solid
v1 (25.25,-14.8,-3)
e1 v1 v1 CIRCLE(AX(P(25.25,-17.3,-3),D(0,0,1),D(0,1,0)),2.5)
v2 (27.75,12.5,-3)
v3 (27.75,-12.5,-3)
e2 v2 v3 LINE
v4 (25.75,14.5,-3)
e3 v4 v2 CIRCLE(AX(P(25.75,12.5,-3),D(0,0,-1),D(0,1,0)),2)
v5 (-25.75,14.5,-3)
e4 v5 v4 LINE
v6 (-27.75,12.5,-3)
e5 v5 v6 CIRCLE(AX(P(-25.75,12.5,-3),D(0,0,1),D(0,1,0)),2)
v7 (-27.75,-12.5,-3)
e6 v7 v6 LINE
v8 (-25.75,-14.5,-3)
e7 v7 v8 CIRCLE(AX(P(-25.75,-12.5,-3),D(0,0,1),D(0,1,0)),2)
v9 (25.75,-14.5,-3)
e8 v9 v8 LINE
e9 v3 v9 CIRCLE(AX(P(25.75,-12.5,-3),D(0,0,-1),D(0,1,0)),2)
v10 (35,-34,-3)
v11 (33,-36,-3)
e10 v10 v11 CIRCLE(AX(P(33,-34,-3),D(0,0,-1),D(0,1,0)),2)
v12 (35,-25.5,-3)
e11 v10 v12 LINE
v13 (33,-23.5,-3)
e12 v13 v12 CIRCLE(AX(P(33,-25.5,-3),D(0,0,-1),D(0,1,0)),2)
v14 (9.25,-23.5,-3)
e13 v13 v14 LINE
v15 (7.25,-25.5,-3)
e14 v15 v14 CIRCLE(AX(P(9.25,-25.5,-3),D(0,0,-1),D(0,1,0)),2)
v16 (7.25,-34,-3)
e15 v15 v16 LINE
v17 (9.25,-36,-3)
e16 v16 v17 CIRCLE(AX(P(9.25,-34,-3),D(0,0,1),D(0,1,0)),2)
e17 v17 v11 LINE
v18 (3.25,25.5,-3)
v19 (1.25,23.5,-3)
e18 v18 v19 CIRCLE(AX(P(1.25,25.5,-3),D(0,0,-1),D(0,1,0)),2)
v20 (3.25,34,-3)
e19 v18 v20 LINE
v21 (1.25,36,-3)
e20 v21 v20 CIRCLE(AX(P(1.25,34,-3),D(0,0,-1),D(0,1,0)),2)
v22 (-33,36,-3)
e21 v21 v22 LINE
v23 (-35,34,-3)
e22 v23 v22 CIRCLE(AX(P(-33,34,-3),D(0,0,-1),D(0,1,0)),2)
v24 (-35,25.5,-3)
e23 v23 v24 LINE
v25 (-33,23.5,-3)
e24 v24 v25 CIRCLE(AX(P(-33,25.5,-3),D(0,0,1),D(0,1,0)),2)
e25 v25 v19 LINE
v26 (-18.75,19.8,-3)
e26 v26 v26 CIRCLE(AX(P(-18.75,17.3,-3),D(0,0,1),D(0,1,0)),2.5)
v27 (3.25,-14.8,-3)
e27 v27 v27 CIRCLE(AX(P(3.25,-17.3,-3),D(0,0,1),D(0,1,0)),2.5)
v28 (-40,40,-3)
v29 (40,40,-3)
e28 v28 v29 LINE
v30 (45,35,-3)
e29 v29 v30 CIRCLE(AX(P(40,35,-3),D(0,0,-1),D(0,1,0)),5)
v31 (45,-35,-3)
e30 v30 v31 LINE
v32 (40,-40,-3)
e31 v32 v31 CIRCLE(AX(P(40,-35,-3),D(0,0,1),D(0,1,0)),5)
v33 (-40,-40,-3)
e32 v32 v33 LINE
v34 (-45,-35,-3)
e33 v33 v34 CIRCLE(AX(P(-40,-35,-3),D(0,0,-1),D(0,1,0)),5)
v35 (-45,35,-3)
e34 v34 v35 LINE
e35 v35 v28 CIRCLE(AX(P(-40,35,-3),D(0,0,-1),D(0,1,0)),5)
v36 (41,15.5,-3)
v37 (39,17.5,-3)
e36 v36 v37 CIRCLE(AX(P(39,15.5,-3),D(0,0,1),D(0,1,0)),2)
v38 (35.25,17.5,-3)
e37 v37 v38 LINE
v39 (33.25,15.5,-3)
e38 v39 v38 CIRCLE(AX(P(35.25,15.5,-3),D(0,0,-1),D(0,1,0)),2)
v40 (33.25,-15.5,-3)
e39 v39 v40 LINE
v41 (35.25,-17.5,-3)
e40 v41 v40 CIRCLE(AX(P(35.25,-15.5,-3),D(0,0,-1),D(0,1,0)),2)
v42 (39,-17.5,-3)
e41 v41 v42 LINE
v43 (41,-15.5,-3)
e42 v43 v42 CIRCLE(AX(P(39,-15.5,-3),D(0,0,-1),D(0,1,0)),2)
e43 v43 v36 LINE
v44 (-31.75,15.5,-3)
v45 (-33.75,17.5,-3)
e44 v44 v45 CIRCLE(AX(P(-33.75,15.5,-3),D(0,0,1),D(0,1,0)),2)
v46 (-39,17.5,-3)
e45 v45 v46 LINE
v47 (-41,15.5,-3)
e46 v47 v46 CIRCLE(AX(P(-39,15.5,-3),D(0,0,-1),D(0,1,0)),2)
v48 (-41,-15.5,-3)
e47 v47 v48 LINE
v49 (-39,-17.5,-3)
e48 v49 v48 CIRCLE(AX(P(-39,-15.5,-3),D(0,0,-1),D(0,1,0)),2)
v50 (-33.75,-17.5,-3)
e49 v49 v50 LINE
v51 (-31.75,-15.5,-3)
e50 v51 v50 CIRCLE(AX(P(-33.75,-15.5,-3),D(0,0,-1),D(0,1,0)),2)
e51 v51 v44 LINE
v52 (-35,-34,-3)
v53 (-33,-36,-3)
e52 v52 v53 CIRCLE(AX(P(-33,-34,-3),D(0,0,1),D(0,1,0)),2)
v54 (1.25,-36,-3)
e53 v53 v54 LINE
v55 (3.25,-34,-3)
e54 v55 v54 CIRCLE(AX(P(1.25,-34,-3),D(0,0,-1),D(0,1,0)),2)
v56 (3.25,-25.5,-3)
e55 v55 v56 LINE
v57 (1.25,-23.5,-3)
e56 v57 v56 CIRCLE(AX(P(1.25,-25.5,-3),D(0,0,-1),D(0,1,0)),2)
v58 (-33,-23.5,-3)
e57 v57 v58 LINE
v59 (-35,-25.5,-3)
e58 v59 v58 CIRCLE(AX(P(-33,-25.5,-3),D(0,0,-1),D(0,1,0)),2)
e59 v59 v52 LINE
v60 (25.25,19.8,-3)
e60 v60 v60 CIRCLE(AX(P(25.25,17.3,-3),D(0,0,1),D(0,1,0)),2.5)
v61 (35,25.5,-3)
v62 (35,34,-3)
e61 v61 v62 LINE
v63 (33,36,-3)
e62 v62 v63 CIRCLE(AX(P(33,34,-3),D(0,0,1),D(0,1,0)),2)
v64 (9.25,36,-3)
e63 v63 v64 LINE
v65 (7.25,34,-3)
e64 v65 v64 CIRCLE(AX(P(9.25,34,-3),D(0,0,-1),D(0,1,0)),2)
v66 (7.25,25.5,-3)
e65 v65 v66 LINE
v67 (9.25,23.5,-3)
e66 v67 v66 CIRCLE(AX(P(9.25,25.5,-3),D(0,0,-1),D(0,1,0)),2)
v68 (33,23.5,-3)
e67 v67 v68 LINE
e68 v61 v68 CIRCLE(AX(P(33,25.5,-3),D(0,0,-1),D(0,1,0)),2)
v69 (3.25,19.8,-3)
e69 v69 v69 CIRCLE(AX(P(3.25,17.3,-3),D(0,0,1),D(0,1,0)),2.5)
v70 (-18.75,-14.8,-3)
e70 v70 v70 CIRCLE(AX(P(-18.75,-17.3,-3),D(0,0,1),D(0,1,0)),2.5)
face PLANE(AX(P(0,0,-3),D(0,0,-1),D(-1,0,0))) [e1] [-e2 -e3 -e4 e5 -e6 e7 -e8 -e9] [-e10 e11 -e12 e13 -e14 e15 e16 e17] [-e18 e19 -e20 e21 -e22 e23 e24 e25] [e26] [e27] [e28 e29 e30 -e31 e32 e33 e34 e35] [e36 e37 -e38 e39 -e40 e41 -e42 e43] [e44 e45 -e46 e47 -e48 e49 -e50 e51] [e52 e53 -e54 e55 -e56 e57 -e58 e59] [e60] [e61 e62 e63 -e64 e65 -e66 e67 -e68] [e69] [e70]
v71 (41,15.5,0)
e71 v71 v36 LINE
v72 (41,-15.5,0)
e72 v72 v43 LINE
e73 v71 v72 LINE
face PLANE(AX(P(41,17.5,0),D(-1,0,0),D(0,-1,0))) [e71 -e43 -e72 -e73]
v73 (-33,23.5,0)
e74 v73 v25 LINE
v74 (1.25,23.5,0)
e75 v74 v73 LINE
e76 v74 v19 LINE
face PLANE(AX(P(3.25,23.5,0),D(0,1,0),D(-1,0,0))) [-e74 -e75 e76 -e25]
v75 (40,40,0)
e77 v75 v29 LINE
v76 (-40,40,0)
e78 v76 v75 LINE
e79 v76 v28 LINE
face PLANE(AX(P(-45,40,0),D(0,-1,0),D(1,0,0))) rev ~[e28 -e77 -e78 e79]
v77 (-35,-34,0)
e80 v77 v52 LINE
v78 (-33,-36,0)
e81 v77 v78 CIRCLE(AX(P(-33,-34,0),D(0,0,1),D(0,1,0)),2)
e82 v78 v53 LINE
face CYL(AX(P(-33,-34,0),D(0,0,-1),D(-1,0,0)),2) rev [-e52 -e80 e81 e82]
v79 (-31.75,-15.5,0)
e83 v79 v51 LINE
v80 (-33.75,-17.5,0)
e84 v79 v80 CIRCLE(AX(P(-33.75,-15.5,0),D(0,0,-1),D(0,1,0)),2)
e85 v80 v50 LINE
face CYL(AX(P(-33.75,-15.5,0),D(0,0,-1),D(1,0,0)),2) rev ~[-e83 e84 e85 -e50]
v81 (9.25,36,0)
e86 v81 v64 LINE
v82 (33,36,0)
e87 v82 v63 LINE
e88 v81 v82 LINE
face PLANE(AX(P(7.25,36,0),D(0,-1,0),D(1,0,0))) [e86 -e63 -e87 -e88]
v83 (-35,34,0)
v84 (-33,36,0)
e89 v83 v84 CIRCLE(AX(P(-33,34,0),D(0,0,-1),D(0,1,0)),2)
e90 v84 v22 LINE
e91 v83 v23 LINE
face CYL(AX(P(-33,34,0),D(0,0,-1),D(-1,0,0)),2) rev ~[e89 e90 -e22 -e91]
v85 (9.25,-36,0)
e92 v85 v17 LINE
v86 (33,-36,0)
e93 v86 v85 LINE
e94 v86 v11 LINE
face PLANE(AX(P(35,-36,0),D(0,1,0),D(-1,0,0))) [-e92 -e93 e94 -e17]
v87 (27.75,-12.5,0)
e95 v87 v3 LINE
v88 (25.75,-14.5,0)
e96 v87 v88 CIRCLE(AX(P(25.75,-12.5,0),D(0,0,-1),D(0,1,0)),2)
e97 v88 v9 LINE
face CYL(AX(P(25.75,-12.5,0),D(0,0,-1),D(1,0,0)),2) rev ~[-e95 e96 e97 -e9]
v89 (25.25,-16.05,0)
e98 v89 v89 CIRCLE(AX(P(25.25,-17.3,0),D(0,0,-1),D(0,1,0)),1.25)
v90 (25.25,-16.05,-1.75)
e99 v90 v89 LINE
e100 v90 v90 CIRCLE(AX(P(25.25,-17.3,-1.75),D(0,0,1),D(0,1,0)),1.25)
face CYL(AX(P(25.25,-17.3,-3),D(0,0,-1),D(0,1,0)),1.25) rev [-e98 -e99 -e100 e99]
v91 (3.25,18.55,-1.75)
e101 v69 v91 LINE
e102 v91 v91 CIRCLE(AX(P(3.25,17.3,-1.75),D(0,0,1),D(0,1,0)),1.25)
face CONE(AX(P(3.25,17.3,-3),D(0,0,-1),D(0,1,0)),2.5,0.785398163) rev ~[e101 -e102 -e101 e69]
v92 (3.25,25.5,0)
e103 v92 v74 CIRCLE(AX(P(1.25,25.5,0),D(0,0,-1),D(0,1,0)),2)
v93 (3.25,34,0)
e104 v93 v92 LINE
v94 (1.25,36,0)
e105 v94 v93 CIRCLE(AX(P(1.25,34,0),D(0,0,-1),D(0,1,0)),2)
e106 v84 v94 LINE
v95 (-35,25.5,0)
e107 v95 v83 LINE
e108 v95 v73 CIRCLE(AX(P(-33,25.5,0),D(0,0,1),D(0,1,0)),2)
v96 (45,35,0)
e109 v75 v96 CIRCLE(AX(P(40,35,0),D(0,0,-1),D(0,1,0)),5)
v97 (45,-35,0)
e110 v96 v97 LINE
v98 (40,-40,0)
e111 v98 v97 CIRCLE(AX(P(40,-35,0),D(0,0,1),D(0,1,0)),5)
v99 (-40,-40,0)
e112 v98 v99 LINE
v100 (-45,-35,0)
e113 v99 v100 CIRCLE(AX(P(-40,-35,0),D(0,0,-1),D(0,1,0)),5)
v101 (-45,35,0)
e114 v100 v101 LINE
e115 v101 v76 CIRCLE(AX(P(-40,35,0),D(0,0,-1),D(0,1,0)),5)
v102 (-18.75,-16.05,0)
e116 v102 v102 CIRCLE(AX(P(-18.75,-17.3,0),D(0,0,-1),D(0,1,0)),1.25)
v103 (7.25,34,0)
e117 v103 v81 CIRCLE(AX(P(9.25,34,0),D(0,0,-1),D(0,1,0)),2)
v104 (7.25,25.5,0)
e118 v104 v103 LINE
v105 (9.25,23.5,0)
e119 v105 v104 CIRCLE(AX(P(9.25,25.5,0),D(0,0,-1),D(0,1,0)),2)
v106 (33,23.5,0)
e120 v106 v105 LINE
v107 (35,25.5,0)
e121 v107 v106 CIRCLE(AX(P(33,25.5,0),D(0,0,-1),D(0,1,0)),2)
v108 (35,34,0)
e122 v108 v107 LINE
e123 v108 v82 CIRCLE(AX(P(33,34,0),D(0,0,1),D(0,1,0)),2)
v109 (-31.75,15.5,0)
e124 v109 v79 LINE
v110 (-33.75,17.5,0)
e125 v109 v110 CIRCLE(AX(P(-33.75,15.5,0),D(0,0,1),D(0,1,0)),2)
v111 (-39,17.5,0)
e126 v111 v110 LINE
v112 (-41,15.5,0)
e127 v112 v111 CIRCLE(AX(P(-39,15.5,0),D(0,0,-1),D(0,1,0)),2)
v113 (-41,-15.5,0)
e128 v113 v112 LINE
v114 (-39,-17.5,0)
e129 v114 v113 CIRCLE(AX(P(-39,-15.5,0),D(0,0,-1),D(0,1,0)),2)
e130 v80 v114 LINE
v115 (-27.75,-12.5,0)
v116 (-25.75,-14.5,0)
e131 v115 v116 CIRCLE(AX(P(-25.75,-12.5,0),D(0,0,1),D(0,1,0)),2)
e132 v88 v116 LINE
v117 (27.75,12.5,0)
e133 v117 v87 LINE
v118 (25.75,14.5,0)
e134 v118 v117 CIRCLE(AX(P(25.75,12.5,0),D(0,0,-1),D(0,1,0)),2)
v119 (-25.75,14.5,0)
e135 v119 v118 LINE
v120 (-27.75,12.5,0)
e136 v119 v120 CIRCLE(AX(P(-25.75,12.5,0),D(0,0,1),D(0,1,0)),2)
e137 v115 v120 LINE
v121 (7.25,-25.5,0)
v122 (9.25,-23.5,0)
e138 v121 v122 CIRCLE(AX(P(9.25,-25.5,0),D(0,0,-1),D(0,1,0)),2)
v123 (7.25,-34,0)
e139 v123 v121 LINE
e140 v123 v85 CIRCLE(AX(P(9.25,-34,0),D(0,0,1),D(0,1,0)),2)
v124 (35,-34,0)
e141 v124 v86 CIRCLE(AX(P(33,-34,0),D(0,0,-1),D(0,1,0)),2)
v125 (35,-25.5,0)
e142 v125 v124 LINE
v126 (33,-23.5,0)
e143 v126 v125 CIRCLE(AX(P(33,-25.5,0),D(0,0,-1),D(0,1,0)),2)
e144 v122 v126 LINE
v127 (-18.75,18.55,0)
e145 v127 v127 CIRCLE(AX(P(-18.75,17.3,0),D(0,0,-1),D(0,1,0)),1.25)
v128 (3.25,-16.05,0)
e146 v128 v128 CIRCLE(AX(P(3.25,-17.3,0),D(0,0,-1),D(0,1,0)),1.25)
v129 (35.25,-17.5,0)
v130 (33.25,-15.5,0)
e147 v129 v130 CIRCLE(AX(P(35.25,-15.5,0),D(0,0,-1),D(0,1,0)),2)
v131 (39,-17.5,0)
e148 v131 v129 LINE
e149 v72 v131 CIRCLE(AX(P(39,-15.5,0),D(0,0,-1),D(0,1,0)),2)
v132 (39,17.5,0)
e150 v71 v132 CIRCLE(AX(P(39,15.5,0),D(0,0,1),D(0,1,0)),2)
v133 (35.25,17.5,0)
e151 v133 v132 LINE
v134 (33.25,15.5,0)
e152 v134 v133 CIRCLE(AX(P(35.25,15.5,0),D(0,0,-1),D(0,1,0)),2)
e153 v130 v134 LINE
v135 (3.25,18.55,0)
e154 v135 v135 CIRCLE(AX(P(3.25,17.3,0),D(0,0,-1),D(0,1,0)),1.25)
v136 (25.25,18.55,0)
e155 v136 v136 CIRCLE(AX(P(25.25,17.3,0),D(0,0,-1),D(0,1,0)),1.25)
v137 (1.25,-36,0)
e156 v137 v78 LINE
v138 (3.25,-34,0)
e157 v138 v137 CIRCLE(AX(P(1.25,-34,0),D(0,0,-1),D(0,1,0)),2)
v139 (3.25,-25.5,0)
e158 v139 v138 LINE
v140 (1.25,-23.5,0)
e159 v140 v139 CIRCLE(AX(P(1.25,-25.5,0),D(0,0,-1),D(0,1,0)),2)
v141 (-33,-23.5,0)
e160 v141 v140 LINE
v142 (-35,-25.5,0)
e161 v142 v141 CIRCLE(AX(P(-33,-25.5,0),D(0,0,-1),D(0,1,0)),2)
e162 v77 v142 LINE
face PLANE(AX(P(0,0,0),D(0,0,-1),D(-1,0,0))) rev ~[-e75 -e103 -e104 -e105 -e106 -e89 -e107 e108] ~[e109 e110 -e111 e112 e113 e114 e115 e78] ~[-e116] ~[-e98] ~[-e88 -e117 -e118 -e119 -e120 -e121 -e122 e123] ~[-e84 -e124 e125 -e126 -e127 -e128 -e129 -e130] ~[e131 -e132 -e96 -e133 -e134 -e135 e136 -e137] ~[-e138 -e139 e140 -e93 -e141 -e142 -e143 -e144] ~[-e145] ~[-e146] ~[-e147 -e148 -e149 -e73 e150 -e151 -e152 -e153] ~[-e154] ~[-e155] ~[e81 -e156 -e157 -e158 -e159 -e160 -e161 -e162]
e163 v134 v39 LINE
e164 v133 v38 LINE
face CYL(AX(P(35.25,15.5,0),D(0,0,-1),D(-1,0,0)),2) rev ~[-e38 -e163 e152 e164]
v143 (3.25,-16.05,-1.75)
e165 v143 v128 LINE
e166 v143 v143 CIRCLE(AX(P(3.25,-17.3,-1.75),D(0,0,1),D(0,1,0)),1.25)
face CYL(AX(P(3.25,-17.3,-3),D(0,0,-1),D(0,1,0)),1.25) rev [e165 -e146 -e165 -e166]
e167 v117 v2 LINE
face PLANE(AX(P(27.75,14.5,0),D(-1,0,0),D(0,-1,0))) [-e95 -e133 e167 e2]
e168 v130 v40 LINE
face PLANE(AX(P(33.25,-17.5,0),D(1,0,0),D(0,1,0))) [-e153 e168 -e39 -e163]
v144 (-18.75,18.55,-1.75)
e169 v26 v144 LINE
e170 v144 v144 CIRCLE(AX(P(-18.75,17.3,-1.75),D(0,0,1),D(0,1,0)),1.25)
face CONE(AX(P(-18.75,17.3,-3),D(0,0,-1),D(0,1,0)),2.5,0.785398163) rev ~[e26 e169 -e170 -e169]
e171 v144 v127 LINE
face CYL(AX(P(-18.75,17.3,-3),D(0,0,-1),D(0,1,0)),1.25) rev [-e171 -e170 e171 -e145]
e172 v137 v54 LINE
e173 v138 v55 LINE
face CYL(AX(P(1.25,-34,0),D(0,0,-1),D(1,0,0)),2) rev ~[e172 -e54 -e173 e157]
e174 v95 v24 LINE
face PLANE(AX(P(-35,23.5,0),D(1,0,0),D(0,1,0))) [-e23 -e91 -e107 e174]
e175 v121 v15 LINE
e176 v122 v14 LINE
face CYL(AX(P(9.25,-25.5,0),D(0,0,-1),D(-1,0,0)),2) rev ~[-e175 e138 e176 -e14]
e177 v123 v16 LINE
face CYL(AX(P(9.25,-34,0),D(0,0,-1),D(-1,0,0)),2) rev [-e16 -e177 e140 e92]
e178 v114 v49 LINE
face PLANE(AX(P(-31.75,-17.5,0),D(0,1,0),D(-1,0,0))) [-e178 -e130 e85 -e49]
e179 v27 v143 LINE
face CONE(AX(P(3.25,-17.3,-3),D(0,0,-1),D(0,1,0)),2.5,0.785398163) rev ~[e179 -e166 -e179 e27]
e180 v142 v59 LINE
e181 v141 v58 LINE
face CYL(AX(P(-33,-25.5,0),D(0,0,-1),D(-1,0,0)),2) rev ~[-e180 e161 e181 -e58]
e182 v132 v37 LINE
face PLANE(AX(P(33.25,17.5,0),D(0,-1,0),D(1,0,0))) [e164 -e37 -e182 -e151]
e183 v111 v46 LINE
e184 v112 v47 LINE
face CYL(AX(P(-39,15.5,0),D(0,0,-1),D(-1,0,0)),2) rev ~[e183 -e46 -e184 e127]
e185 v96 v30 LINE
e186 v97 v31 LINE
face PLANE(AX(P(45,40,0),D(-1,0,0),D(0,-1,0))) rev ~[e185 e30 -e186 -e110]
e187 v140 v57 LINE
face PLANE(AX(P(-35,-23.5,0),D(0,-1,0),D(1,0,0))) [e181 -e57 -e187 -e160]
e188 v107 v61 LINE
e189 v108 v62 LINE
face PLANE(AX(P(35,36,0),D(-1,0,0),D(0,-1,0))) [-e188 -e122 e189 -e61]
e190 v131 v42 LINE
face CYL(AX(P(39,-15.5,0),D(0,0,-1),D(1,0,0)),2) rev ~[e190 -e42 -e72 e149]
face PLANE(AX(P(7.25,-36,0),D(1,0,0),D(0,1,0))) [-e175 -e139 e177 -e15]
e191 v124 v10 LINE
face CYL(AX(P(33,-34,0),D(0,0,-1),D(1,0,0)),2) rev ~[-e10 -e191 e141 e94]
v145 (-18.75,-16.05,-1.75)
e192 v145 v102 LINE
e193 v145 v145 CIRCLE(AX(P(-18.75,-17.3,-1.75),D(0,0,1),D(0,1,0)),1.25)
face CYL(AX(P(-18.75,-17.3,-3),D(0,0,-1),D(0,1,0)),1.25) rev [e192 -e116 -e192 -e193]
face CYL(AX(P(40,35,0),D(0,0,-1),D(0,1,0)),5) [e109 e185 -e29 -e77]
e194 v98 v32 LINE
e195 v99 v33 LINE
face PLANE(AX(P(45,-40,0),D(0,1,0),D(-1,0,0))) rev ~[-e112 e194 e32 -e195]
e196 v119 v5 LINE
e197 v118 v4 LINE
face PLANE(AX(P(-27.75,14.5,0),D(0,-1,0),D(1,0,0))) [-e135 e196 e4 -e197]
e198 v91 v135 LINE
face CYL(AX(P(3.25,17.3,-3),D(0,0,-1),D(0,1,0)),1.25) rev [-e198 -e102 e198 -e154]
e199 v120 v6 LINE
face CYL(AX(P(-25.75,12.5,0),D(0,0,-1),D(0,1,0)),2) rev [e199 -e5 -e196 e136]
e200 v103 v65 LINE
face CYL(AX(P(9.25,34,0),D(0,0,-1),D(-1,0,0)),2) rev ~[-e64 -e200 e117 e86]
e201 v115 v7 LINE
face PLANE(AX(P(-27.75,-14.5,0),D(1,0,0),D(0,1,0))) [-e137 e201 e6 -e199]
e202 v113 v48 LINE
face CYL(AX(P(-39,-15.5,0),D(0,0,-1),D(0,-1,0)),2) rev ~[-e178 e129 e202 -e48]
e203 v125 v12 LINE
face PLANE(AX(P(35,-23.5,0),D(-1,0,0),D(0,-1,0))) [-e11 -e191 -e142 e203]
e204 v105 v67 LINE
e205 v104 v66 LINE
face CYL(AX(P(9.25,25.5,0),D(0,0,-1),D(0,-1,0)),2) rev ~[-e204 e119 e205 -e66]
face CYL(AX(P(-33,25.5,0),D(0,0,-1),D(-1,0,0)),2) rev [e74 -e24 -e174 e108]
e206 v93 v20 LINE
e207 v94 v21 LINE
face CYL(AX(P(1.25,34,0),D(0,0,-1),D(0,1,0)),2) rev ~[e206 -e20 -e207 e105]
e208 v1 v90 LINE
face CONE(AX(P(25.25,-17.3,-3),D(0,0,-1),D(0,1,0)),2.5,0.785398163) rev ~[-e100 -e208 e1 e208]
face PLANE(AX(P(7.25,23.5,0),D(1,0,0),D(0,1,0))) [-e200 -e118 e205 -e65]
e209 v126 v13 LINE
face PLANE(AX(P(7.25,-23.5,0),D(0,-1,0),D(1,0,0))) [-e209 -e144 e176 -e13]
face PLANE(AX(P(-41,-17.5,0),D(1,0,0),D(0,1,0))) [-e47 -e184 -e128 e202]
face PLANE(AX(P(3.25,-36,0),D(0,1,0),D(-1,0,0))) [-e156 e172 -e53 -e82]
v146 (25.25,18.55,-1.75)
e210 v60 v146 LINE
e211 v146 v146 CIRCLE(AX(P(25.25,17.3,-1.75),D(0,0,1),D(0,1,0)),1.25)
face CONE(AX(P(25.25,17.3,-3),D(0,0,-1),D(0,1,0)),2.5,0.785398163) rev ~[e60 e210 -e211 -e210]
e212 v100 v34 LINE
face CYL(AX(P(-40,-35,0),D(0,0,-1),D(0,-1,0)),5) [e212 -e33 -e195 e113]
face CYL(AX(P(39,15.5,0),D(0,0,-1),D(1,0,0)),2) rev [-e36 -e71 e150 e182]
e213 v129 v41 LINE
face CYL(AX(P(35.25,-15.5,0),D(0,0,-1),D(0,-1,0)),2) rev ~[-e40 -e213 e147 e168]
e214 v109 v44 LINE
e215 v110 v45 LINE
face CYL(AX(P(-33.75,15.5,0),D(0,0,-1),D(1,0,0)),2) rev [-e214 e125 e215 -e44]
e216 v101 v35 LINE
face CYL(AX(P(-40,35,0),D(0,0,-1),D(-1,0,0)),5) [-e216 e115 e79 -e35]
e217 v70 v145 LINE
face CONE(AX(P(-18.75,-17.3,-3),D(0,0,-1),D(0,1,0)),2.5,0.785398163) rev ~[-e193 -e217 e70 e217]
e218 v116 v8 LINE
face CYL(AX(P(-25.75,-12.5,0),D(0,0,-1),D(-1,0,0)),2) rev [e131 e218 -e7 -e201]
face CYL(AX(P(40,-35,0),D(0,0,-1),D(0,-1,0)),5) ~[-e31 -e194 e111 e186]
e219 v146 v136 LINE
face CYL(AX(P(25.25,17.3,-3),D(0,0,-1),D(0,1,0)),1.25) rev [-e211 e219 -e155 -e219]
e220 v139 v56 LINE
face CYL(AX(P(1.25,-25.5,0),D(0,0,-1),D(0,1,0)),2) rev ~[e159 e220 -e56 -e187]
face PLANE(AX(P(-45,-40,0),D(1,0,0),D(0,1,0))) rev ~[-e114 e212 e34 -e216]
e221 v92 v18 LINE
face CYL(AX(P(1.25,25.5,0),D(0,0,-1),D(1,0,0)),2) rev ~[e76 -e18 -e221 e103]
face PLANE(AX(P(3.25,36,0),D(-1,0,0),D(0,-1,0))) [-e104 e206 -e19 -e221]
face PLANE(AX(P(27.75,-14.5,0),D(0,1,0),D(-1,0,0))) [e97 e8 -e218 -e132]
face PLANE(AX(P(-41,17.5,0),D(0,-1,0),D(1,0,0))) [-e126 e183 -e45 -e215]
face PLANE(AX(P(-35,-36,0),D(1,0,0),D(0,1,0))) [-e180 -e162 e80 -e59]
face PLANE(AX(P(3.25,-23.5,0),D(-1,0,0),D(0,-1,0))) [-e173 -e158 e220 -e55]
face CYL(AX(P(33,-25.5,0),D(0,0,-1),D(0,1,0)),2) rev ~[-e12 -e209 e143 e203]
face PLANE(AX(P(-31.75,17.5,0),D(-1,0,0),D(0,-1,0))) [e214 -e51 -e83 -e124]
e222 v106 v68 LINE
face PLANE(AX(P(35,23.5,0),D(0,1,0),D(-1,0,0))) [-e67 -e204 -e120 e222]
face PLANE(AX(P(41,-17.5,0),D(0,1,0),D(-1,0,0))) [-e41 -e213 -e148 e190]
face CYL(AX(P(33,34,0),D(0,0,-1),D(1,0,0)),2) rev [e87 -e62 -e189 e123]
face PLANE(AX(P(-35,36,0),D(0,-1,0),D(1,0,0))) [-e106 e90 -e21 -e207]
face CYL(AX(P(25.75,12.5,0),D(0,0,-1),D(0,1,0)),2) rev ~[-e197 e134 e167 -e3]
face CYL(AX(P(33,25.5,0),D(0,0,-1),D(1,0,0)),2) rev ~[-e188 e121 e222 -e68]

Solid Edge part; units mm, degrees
sketch "Sketch1" plane through (0, 0, 0) normal (0, 0, 1) x (1, 0, 0)
  line L0 (45, -40) -> (-45, -40)
  line L1 (-45, -40) -> (-45, 40)
  line L2 (-45, 40) -> (45, 40)
  line L3 (45, 40) -> (45, -40)
  line L4 (27.75, -14.5) -> (-27.75, -14.5)
  line L5 (-27.75, -14.5) -> (-27.75, 14.5)
  line L6 (-27.75, 14.5) -> (27.75, 14.5)
  line L7 (27.75, 14.5) -> (27.75, -14.5)
  dimension "D1" = 45
  dimension "D2" = 45
extrude "Protrusion1" add sketch "Sketch1" against normal blind 3
fillet "Round_1" radius 5 4 edges at (45, -40, -1.5) (45, 40, -1.5) (-45, 40, -1.5) (-45, -40, -1.5)
extrude "Cutout1" [suppressed]
sketch "Sketch2" plane through (0, 0, 0) normal (0, 0, 1) x (0, 1, 0)
  line L0 (-36, -7.25) -> (-23.5, -7.25)
  line L1 (-23.5, -7.25) -> (-23.5, -35)
  line L2 (-23.5, -35) -> (-36, -35)
  line L3 (-36, -35) -> (-36, -7.25)
  line L4 (36, -35) -> (23.5, -35)
  line L5 (23.5, -35) -> (23.5, -7.25)
  line L6 (23.5, -7.25) -> (36, -7.25)
  line L7 (36, -7.25) -> (36, -35)
  line L8 (23.5, 35) -> (36, 35)
  line L9 (36, 35) -> (36, -3.25)
  line L10 (36, -3.25) -> (23.5, -3.25)
  line L11 (23.5, -3.25) -> (23.5, 35)
  line L12 (-36, 35) -> (-23.5, 35)
  line L13 (-23.5, 35) -> (-23.5, -3.25)
  line L14 (-23.5, -3.25) -> (-36, -3.25)
  line L15 (-36, -3.25) -> (-36, 35)
  line L16 (17.5, 31.75) -> (-17.5, 31.75)
  line L17 (-17.5, 31.75) -> (-17.5, 41)
  line L18 (-17.5, 41) -> (17.5, 41)
  line L19 (17.5, 41) -> (17.5, 31.75)
  line L20 (17.5, -41) -> (-17.5, -41)
  line L21 (-17.5, -41) -> (-17.5, -33.25)
  line L22 (-17.5, -33.25) -> (17.5, -33.25)
  line L23 (17.5, -33.25) -> (17.5, -41)
  dimension "D1" = 36
  dimension "D2" = 36
extrude "Cutout2" cut sketch "Sketch2" against normal through all
fillet "Round_2" radius 2 28 edges at (-35, -23.5, -1.5) (3.25, -23.5, -1.5) (3.25, -36, -1.5) (-35, -36, -1.5) (7.25, -36, -1.5) (7.25, -23.5, -1.5) (35, -23.5, -1.5) (35, -36, -1.5) (35, 23.5, -1.5) (35, 36, -1.5) (7.25, 36, -1.5) (7.25, 23.5, -1.5) (3.25, 36, -1.5) (3.25, 23.5, -1.5) (-35, 36, -1.5) (-35, 23.5, -1.5) (-27.75, 14.5, -1.5) (-27.75, -14.5, -1.5) (27.75, 14.5, -1.5) (27.75, -14.5, -1.5) (-41, 17.5, -1.5) (-31.75, 17.5, -1.5) (-31.75, -17.5, -1.5) (-41, -17.5, -1.5) (33.25, -17.5, -1.5) (41, -17.5, -1.5) (41, 17.5, -1.5) (33.25, 17.5, -1.5)
hole "Hole_1" at (-18.75, -17.3, -3) direction (0, 0, 1) diameter 2.5 end up to next countersink diameter 5 countersink angle 90
hole "Hole1" at (3.25, -17.3, -3) direction (0, 0, 1) diameter 2.5 end up to next countersink diameter 5 countersink angle 90
hole "Hole2" at (25.25, -17.3, -3) direction (0, 0, 1) diameter 2.5 end up to next countersink diameter 5 countersink angle 90
hole "Hole3" at (25.25, 17.3, -3) direction (0, 0, 1) diameter 2.5 end up to next countersink diameter 5 countersink angle 90
hole "Hole4" at (3.25, 17.3, -3) direction (0, 0, 1) diameter 2.5 end up to next countersink diameter 5 countersink angle 90
hole "Hole5" at (-18.75, 17.3, -3) direction (0, 0, 1) diameter 2.5 end up to next countersink diameter 5 countersink angle 90
properties material "ABS Plastic, medium impact"
